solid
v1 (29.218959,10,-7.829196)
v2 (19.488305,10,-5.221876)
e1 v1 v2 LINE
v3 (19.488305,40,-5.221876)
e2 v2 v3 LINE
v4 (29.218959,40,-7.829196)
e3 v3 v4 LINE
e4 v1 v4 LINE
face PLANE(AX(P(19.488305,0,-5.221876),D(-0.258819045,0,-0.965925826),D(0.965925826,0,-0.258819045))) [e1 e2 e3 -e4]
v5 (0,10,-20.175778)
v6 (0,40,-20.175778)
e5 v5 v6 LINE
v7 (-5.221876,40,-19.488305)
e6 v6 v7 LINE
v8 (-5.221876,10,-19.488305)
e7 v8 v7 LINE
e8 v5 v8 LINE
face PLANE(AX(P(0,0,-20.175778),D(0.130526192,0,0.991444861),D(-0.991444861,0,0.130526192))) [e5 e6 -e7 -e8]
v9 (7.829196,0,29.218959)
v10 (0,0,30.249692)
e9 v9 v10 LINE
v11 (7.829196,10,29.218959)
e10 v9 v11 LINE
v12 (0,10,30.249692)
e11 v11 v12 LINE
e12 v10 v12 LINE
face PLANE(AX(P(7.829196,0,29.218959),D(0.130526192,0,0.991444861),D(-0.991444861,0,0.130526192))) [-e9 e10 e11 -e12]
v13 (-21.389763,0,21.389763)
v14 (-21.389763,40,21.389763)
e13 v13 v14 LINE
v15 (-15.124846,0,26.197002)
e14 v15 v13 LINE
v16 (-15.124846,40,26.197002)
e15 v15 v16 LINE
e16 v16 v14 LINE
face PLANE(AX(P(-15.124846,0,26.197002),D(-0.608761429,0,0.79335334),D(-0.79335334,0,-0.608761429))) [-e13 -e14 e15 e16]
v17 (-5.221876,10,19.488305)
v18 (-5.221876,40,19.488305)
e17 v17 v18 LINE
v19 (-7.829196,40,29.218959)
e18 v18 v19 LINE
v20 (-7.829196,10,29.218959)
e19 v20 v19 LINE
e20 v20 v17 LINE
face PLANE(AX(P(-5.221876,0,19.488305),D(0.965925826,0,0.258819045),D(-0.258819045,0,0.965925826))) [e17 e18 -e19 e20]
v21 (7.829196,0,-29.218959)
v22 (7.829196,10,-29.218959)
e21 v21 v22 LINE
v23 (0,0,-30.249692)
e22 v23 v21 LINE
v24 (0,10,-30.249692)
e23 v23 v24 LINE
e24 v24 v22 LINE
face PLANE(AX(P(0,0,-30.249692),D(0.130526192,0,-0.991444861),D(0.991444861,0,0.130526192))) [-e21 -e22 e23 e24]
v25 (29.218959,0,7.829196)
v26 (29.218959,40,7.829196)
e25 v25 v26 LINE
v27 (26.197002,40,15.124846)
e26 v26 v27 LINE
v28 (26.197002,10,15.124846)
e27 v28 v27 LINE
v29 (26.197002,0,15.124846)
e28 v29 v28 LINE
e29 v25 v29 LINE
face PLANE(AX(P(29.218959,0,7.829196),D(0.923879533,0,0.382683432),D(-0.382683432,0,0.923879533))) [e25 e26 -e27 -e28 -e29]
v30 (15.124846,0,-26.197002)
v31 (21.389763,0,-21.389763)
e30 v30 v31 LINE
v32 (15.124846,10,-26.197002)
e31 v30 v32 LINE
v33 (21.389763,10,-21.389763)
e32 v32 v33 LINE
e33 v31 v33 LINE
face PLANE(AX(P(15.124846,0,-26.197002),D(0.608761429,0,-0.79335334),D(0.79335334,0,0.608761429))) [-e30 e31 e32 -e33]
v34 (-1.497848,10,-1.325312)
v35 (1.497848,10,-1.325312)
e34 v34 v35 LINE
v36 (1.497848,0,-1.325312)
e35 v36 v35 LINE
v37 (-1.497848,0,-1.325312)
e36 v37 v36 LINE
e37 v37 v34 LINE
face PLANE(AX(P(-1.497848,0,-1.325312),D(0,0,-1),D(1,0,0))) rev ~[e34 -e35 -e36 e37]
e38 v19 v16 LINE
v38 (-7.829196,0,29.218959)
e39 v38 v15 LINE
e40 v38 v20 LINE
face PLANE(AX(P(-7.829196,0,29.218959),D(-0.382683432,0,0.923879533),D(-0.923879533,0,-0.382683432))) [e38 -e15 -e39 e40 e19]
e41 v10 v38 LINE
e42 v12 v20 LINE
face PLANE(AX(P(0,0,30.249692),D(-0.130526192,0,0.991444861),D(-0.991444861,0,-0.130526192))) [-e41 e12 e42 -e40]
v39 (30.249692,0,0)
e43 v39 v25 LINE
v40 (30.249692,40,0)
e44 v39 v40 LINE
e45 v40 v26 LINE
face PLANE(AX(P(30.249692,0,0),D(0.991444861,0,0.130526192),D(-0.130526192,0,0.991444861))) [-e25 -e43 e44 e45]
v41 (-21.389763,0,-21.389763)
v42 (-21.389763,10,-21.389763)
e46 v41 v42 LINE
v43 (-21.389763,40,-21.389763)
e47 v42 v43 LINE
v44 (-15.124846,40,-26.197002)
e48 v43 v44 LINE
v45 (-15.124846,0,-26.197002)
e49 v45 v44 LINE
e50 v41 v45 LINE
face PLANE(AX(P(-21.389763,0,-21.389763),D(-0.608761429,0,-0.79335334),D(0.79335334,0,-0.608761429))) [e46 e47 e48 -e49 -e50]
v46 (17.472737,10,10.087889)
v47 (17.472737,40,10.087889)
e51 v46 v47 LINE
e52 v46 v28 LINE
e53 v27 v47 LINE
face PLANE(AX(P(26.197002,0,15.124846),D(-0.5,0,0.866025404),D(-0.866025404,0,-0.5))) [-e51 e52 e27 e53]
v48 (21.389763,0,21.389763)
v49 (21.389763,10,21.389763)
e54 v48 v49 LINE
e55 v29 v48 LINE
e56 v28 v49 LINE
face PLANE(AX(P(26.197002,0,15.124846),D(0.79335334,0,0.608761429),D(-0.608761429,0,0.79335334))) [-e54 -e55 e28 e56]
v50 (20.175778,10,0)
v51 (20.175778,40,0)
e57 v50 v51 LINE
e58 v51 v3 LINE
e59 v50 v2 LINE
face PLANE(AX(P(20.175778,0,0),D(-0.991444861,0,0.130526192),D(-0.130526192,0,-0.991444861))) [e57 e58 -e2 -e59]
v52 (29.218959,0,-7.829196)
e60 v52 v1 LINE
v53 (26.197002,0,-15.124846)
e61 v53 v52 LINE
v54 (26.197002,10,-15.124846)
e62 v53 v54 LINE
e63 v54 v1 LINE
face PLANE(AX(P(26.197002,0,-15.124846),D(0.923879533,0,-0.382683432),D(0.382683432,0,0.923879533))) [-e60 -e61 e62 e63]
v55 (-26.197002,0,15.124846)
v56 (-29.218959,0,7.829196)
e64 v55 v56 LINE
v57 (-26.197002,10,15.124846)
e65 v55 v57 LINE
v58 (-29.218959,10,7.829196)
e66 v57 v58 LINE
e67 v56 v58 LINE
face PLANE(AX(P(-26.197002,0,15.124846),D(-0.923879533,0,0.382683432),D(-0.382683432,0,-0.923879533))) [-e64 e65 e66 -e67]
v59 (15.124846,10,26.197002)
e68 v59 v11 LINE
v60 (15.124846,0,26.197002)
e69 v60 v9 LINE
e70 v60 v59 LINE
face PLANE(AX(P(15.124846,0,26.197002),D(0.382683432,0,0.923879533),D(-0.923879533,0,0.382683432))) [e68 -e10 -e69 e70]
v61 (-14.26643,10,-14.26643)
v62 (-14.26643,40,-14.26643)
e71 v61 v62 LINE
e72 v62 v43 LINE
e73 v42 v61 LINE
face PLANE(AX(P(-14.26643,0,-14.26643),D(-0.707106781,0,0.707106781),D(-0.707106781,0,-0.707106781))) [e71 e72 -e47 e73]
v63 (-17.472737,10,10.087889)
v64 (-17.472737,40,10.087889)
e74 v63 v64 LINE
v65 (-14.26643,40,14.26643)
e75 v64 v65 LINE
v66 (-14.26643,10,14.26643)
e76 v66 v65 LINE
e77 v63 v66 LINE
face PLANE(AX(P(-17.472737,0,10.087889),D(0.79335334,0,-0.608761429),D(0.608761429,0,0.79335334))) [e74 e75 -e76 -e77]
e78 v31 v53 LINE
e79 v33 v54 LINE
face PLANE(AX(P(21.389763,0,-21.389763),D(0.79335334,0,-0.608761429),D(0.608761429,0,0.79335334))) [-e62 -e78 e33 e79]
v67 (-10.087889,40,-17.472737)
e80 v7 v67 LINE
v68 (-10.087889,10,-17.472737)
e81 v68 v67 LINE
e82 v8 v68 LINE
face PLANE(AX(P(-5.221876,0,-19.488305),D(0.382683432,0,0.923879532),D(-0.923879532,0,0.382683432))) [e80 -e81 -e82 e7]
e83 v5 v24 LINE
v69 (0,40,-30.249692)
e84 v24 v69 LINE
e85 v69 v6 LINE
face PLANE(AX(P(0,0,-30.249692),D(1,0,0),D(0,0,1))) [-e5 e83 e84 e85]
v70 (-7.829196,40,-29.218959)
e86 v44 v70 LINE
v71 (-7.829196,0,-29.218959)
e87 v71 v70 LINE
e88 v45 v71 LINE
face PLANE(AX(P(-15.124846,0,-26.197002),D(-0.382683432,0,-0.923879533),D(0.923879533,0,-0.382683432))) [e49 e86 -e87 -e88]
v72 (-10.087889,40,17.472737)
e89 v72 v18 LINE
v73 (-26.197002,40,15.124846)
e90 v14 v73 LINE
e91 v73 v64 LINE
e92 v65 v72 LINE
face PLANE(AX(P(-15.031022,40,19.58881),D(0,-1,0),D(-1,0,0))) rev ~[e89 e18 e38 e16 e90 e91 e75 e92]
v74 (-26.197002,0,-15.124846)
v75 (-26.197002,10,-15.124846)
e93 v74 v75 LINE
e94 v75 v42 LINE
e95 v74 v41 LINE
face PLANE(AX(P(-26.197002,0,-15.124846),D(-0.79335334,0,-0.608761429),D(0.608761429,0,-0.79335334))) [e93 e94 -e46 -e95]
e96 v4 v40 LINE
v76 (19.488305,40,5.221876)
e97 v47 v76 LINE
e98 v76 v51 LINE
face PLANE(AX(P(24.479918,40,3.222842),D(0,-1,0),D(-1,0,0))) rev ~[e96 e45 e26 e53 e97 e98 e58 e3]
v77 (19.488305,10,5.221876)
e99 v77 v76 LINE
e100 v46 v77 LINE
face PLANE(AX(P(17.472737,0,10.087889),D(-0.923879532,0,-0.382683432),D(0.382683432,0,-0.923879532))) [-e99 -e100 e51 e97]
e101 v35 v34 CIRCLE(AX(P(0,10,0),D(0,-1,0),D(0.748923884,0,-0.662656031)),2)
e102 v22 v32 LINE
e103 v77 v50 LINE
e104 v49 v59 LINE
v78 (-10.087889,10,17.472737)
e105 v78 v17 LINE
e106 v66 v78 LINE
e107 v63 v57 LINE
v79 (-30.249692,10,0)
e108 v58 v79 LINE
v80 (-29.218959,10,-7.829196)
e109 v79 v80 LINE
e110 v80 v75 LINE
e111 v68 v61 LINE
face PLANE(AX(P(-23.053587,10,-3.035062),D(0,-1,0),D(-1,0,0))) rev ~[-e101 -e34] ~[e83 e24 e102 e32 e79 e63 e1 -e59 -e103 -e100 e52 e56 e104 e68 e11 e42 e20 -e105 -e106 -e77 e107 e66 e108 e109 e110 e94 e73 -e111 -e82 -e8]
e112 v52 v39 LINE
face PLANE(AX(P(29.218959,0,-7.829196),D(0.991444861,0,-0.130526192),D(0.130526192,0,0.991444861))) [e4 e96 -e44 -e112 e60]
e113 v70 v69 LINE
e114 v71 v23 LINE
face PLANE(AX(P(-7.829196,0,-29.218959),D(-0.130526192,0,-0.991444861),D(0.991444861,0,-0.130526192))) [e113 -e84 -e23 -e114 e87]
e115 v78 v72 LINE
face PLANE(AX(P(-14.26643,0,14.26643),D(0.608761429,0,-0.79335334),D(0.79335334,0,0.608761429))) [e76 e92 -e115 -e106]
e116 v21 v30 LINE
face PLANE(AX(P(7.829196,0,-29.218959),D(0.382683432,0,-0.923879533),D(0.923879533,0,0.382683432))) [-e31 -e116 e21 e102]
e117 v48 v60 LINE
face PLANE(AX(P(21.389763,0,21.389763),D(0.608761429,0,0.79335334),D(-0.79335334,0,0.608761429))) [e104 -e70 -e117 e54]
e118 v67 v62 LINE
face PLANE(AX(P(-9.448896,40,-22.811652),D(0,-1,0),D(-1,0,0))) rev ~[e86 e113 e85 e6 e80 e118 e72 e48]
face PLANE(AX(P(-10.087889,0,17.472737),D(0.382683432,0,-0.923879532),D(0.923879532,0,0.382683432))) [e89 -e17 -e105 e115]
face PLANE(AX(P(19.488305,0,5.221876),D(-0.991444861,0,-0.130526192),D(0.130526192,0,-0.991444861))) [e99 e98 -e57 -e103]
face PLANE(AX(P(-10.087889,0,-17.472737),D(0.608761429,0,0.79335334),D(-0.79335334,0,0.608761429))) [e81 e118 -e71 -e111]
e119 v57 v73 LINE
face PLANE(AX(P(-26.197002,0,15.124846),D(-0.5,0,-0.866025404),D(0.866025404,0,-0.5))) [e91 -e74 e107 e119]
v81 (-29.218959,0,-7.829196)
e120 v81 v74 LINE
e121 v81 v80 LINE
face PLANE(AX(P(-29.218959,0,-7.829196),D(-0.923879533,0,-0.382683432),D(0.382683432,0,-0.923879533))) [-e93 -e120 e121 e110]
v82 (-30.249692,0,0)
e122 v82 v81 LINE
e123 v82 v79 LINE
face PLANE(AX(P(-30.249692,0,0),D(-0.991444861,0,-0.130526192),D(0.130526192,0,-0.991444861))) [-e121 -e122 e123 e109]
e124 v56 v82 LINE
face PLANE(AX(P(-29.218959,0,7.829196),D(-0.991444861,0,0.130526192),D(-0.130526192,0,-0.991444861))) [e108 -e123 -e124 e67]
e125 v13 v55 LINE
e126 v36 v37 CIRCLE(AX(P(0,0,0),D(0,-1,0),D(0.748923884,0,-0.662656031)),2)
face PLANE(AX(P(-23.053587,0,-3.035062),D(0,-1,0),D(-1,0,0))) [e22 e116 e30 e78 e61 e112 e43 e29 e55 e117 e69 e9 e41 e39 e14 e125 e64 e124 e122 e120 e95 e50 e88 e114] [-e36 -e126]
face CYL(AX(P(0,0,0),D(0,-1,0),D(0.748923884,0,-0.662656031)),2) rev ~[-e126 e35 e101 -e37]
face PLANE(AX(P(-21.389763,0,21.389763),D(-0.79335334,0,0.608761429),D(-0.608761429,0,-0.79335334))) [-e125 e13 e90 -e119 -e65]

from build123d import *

# Parameters (mm, degrees)
BOSS_EXTRUDE2_DEPTH = 10
BOSS_EXTRUDE3_DEPTH = 40
BOSS_EXTRUDE4_DEPTH = 10


with BuildPart() as part:
    # Sketch1 → Boss-Extrude2 (new body)
    with BuildSketch(Plane(origin=(0, 0, 0), x_dir=(1, 0, 0), z_dir=(0, 1, 0))):
        Polygon((-10.087889227, 17.472736683), (-14.266429761, 14.266429761), (-17.472736683, 10.087889227), (-19.488305475, 5.221875714), (-20.175778455, 0), (-19.488305475, -5.221875714), (-17.472736683, -10.087889227), (-14.266429761, -14.266429761), (-10.087889227, -17.472736683), (-5.221875714, -19.488305475), (0, -20.175778455), (5.221875714, -19.488305475), (10.087889227, -17.472736683), (14.266429761, -14.266429761), (17.472736683, -10.087889227), (19.488305475, -5.221875714), (20.175778455, 0), (19.488305475, 5.221875714), (17.472736683, 10.087889227), (14.266429761, 14.266429761), (10.087889227, 17.472736683), (5.221875714, 19.488305475), (0, 20.175778455), (-5.221875714, 19.488305475), align=None)
        with BuildLine():
            Line((-1.497847768, 1.325312063), (1.497847768, 1.325312063))
            ThreePointArc((1.497847768, 1.325312063), (0, -2), (-1.497847768, 1.325312063))
        make_face(mode=Mode.SUBTRACT)
    extrude(amount=BOSS_EXTRUDE2_DEPTH)

    # Sketch1<5> → Boss-Extrude3 (add)
    with BuildSketch(Plane(origin=(0, 0, 0), x_dir=(1, 0, 0), z_dir=(0, 1, 0))):
        Polygon((-21.389762566, 21.389762566), (-14.266429761, 14.266429761), (-10.087889227, 17.472736683), (-5.221875714, 19.488305475), (0, 20.175778455), (0, 30.249692317), (-7.82919648, 29.218959046), (-15.124846159, 26.197002003), align=None)
        Polygon((-14.266429761, -14.266429761), (-17.472736683, -10.087889227), (-26.197002003, -15.124846159), (-21.389762566, -21.389762566), (-15.124846159, -26.197002003), (-7.82919648, -29.218959046), (-5.221875714, -19.488305475), (-10.087889227, -17.472736683), align=None)
        Polygon((29.218959046, 7.82919648), (19.488305475, 5.221875714), (20.175778455, 0), (19.488305475, -5.221875714), (17.472736683, -10.087889227), (26.197002003, -15.124846159), (29.218959046, -7.82919648), (30.249692317, 0), align=None)
    extrude(amount=BOSS_EXTRUDE3_DEPTH)

    # Sketch1<7> → Boss-Extrude4 (add)
    with BuildSketch(Plane(origin=(0, 0, 0), x_dir=(1, 0, 0), z_dir=(0, 1, 0))):
        Polygon((-17.472736683, 10.087889227), (-14.266429761, 14.266429761), (-21.389762566, 21.389762566), (-26.197002003, 15.124846159), (-29.218959046, 7.82919648), (-30.249692317, 0), (-29.218959046, -7.82919648), (-26.197002003, -15.124846159), (-17.472736683, -10.087889227), (-19.488305475, -5.221875714), (-20.175778455, 0), (-19.488305475, 5.221875714), align=None)
        Polygon((0, 30.249692317), (0, 20.175778455), (5.221875714, 19.488305475), (10.087889227, 17.472736683), (14.266429761, 14.266429761), (17.472736683, 10.087889227), (19.488305475, 5.221875714), (29.218959046, 7.82919648), (26.197002003, 15.124846159), (21.389762566, 21.389762566), (15.124846159, 26.197002003), (7.82919648, 29.218959046), align=None)
        Polygon((0, -20.175778455), (-5.221875714, -19.488305475), (-7.82919648, -29.218959046), (0, -30.249692317), (7.82919648, -29.218959046), (15.124846159, -26.197002003), (21.389762566, -21.389762566), (26.197002003, -15.124846159), (17.472736683, -10.087889227), (14.266429761, -14.266429761), (10.087889227, -17.472736683), (5.221875714, -19.488305475), align=None)
    extrude(amount=BOSS_EXTRUDE4_DEPTH)


solid = part.part
